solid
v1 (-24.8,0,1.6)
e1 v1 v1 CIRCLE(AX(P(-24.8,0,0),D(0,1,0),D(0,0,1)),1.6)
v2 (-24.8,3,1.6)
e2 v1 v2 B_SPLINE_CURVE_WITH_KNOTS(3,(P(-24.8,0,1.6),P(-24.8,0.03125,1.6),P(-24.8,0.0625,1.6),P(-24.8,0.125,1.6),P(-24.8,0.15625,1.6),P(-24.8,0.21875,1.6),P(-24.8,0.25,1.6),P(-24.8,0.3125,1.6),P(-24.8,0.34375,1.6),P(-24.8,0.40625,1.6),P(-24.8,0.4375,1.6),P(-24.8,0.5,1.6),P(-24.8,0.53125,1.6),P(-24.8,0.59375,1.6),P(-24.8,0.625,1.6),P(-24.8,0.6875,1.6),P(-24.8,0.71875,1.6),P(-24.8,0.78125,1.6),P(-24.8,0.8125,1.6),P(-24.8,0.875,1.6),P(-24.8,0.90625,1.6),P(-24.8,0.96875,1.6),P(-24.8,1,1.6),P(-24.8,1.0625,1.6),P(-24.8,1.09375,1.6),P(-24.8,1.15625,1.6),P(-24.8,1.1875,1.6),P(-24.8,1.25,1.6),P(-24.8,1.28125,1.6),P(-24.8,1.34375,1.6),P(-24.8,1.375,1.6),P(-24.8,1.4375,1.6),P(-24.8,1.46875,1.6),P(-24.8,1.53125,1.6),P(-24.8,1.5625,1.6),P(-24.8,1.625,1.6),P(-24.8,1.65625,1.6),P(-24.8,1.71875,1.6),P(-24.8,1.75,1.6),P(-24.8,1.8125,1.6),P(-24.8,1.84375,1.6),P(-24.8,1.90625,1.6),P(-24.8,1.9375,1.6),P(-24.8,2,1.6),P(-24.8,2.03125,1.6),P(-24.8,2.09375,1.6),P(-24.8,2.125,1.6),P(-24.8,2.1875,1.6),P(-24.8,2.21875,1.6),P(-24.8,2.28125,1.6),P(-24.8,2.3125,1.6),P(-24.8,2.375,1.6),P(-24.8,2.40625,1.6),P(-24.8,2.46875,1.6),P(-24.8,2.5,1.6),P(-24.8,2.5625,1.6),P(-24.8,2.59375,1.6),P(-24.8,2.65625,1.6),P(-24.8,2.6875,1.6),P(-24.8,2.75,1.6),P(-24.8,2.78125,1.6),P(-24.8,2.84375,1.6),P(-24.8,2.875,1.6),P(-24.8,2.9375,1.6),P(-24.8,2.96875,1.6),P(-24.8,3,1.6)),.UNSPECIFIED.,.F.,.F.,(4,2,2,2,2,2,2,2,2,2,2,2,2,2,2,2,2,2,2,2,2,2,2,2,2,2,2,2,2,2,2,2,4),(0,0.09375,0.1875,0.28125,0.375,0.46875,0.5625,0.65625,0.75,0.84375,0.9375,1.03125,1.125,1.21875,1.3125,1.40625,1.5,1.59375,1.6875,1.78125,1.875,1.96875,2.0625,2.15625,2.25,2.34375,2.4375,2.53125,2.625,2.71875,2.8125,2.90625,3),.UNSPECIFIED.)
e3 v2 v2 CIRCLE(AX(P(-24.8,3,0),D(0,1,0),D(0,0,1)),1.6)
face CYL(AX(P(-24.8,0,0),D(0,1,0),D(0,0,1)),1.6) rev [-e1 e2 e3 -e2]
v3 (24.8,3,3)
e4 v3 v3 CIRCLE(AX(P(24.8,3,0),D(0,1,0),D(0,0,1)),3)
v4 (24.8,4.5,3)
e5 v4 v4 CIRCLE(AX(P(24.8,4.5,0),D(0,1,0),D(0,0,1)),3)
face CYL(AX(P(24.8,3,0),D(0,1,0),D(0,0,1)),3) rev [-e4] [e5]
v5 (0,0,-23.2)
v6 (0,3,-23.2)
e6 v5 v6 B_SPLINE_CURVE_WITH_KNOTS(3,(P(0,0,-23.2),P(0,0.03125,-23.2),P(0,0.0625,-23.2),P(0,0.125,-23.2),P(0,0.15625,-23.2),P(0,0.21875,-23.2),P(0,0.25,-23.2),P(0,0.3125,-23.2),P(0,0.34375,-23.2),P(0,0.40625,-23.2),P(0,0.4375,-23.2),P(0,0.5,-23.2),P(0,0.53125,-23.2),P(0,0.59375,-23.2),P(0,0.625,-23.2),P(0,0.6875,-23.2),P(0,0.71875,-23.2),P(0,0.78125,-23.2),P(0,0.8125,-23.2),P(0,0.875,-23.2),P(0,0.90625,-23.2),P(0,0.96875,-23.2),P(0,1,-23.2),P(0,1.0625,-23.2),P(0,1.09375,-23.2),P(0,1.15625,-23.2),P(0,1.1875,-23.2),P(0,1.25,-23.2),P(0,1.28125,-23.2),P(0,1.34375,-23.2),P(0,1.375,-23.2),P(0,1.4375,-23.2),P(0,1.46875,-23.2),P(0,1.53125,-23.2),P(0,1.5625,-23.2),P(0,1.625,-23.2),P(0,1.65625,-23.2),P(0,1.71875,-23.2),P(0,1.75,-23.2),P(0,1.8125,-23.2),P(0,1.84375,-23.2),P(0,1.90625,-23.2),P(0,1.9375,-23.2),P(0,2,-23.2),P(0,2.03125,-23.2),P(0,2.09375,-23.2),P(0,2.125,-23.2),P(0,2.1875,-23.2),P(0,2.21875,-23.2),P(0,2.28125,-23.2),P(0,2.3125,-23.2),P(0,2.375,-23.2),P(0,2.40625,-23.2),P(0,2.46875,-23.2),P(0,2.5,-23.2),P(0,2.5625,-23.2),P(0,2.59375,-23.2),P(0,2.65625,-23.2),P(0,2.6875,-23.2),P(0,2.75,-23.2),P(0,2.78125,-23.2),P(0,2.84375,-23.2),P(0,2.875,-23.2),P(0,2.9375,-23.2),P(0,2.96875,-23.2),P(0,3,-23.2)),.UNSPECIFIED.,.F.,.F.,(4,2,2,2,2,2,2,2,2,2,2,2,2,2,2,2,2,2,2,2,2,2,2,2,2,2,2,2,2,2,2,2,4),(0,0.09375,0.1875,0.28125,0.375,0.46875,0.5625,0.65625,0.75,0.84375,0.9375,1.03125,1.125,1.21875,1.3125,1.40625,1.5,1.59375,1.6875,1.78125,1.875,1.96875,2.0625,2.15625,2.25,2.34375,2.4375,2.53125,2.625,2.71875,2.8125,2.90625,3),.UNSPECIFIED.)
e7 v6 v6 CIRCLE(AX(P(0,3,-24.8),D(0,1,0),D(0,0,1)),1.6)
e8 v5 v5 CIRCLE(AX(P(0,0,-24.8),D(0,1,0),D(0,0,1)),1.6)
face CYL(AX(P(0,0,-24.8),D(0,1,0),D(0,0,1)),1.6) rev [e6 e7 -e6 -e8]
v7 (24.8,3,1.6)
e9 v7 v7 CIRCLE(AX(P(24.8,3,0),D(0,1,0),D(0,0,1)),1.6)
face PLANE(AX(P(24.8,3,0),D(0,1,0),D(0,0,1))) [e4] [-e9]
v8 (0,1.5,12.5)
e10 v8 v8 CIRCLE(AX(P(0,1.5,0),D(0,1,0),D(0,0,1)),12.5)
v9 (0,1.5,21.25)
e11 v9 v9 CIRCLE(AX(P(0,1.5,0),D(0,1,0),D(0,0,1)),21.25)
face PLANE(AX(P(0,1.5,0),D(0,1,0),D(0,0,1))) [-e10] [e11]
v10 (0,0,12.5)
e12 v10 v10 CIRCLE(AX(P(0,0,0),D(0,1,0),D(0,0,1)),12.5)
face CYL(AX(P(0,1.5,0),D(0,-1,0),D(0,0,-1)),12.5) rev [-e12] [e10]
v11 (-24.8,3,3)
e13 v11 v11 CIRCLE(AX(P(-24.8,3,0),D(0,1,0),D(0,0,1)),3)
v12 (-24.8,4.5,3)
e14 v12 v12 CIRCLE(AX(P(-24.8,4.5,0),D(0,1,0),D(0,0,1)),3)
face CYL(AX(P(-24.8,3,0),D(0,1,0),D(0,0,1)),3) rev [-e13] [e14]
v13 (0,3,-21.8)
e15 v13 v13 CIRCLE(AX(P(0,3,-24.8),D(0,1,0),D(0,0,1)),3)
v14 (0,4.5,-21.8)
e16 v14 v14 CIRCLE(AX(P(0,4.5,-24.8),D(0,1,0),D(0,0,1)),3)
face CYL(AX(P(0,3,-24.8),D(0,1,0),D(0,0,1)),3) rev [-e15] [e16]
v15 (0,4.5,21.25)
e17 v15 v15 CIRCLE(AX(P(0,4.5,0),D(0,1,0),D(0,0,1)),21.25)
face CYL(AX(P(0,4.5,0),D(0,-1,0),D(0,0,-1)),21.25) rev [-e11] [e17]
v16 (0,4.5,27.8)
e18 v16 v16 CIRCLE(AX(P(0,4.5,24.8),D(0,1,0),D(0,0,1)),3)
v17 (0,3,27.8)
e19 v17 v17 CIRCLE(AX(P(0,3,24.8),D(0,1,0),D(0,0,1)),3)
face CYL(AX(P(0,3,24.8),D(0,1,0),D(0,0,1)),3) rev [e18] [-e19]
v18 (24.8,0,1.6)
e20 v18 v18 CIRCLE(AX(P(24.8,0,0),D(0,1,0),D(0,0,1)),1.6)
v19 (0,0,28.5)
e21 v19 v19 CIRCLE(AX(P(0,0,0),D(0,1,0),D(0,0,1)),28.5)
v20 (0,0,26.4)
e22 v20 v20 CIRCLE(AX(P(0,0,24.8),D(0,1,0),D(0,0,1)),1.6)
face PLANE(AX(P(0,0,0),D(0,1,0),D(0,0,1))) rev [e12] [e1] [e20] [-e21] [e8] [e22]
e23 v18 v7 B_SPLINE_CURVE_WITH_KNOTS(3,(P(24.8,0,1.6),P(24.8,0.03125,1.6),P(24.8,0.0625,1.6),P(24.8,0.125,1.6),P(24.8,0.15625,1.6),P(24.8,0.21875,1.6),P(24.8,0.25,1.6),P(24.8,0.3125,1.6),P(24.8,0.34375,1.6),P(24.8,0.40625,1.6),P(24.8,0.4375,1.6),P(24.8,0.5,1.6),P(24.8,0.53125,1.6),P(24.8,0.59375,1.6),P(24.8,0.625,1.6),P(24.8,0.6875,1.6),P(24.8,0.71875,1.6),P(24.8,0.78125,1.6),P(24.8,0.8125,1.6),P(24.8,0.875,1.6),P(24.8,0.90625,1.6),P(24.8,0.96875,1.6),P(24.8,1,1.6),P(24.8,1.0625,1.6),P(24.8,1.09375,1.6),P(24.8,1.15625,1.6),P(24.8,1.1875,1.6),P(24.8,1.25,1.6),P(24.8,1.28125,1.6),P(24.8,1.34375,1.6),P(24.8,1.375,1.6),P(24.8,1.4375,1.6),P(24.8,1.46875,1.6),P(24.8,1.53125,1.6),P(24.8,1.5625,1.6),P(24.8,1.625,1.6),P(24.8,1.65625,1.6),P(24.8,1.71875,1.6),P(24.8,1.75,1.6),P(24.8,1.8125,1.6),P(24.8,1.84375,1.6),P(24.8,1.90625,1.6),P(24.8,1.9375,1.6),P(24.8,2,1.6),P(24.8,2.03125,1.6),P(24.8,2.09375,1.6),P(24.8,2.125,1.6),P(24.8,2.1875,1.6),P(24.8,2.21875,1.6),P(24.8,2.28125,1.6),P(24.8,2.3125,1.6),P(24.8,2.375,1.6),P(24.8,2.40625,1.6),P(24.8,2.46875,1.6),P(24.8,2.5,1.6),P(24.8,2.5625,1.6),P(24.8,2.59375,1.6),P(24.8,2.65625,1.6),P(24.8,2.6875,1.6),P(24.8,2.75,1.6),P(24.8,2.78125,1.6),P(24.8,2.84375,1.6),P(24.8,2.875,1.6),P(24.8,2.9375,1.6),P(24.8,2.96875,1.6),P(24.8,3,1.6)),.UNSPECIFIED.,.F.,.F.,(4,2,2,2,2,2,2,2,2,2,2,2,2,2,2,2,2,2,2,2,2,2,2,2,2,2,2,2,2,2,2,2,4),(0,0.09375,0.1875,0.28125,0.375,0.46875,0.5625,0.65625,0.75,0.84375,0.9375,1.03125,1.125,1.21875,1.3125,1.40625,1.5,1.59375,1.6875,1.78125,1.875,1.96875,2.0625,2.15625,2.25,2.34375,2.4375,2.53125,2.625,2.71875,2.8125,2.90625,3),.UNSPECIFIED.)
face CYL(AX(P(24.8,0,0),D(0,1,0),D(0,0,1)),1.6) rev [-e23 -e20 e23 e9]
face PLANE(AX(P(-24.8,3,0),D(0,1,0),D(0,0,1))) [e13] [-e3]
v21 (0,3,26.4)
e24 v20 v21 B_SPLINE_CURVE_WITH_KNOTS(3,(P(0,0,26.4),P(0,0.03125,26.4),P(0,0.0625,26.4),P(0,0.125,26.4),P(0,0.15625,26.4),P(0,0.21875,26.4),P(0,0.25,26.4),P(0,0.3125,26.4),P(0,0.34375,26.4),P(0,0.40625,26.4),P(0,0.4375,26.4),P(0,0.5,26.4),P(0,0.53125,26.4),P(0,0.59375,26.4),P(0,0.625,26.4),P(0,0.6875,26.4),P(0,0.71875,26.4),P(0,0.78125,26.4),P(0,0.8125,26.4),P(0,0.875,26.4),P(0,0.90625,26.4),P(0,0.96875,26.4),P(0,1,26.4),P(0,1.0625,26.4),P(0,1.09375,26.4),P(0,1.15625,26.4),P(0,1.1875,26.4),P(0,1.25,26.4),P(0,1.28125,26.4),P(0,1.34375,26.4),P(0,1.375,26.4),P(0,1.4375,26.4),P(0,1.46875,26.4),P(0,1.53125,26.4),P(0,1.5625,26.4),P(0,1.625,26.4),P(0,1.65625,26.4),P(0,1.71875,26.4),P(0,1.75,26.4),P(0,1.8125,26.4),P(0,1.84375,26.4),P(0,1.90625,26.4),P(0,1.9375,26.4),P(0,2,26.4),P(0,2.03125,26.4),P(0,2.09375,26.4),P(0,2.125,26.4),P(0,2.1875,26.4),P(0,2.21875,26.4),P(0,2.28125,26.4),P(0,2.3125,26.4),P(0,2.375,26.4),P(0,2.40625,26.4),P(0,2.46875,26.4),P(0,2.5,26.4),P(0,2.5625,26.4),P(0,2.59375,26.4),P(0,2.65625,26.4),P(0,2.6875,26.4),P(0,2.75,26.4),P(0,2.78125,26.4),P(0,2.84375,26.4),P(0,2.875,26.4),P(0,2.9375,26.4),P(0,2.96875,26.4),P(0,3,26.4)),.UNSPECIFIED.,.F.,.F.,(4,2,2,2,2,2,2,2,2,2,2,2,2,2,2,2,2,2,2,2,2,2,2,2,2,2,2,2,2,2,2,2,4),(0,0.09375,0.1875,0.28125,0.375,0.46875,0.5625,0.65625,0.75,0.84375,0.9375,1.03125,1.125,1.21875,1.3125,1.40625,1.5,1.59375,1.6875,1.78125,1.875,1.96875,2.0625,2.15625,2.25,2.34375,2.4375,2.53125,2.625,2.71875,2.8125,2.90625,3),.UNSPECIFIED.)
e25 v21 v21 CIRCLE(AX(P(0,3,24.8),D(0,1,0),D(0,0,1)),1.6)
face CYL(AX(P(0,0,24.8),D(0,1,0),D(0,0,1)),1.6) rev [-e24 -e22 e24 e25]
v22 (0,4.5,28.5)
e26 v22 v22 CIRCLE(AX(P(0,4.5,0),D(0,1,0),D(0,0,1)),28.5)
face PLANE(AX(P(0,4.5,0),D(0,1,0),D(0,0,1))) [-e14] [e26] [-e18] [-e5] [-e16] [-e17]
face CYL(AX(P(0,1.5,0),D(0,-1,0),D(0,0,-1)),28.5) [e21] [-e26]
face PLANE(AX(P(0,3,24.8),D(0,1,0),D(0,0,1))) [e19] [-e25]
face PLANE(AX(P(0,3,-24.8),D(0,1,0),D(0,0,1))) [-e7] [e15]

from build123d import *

# Parameters (mm, degrees)
SKETCH_1_R          = 28.5
SKETCH_1_R_2        = 12.5
EXTRUDE_1_DEPTH     = 1.5
SKETCH_2_R          = 28.5
SKETCH_2_R_2        = 21.25
EXTRUDE_2_DEPTH     = 3
SKETCH_3_R          = 3
CUT_EXTRUDE_1_DEPTH = 1.5
SKETCH_4_R          = 1.6
CUT_EXTRUDE_2_DEPTH = 41.416580756


with BuildPart() as part:
    # 草图1 → 凸台-拉伸1 (new body)
    with BuildSketch(Plane(origin=(0, 0, 0), x_dir=(1, 0, 0), z_dir=(0, 1, 0))):
        with Locations(Location((0, 0, 0), (0, 0, 270))):
            Circle(SKETCH_1_R)
        with Locations(Location((0, 0, 0), (0, 0, 270))):
            Circle(SKETCH_1_R_2, mode=Mode.SUBTRACT)
    extrude(amount=EXTRUDE_1_DEPTH)

    # 草图2 → 凸台-拉伸2 (add)
    with BuildSketch(Plane(origin=(0, 1.5, 0), x_dir=(1, 0, 0), z_dir=(0, 1, 0))):
        with Locations(Location((0, 0, 0), (0, 0, 270))):
            Circle(SKETCH_2_R)
        with Locations(Location((0, 0, 0), (0, 0, 270))):
            Circle(SKETCH_2_R_2, mode=Mode.SUBTRACT)
    extrude(amount=EXTRUDE_2_DEPTH)

    # 草图3 → 切除-拉伸1 (cut)
    with BuildSketch(Plane(origin=(0, 4.5, 0), x_dir=(1, 0, 0), z_dir=(0, 1, 0))):
        with Locations(Location((0, 24.8, 0), (0, 0, 270))):
            Circle(SKETCH_3_R)
        with Locations(Location((24.8, 0, 0), (0, 0, 270))):
            Circle(SKETCH_3_R)
        with Locations(Location((0, -24.8, 0), (0, 0, 270))):
            Circle(SKETCH_3_R)
        with Locations(Location((-24.8, 0, 0), (0, 0, 270))):
            Circle(SKETCH_3_R)
    extrude(amount=-CUT_EXTRUDE_1_DEPTH, mode=Mode.SUBTRACT)

    # 草图4 → 切除-拉伸2 (cut, through all)
    with BuildSketch(Plane(origin=(0, 3, 0), x_dir=(1, 0, 0), z_dir=(0, 1, 0))):
        with Locations(Location((0, 24.8, 0), (0, 0, 270))):
            Circle(SKETCH_4_R)
        with Locations(Location((24.8, 0, 0), (0, 0, 270))):
            Circle(SKETCH_4_R)
        with Locations(Location((0, -24.8, 0), (0, 0, 270))):
            Circle(SKETCH_4_R)
        with Locations(Location((-24.8, 0, 0), (0, 0, 270))):
            Circle(SKETCH_4_R)
    extrude(amount=-CUT_EXTRUDE_2_DEPTH, mode=Mode.SUBTRACT)


solid = part.part
